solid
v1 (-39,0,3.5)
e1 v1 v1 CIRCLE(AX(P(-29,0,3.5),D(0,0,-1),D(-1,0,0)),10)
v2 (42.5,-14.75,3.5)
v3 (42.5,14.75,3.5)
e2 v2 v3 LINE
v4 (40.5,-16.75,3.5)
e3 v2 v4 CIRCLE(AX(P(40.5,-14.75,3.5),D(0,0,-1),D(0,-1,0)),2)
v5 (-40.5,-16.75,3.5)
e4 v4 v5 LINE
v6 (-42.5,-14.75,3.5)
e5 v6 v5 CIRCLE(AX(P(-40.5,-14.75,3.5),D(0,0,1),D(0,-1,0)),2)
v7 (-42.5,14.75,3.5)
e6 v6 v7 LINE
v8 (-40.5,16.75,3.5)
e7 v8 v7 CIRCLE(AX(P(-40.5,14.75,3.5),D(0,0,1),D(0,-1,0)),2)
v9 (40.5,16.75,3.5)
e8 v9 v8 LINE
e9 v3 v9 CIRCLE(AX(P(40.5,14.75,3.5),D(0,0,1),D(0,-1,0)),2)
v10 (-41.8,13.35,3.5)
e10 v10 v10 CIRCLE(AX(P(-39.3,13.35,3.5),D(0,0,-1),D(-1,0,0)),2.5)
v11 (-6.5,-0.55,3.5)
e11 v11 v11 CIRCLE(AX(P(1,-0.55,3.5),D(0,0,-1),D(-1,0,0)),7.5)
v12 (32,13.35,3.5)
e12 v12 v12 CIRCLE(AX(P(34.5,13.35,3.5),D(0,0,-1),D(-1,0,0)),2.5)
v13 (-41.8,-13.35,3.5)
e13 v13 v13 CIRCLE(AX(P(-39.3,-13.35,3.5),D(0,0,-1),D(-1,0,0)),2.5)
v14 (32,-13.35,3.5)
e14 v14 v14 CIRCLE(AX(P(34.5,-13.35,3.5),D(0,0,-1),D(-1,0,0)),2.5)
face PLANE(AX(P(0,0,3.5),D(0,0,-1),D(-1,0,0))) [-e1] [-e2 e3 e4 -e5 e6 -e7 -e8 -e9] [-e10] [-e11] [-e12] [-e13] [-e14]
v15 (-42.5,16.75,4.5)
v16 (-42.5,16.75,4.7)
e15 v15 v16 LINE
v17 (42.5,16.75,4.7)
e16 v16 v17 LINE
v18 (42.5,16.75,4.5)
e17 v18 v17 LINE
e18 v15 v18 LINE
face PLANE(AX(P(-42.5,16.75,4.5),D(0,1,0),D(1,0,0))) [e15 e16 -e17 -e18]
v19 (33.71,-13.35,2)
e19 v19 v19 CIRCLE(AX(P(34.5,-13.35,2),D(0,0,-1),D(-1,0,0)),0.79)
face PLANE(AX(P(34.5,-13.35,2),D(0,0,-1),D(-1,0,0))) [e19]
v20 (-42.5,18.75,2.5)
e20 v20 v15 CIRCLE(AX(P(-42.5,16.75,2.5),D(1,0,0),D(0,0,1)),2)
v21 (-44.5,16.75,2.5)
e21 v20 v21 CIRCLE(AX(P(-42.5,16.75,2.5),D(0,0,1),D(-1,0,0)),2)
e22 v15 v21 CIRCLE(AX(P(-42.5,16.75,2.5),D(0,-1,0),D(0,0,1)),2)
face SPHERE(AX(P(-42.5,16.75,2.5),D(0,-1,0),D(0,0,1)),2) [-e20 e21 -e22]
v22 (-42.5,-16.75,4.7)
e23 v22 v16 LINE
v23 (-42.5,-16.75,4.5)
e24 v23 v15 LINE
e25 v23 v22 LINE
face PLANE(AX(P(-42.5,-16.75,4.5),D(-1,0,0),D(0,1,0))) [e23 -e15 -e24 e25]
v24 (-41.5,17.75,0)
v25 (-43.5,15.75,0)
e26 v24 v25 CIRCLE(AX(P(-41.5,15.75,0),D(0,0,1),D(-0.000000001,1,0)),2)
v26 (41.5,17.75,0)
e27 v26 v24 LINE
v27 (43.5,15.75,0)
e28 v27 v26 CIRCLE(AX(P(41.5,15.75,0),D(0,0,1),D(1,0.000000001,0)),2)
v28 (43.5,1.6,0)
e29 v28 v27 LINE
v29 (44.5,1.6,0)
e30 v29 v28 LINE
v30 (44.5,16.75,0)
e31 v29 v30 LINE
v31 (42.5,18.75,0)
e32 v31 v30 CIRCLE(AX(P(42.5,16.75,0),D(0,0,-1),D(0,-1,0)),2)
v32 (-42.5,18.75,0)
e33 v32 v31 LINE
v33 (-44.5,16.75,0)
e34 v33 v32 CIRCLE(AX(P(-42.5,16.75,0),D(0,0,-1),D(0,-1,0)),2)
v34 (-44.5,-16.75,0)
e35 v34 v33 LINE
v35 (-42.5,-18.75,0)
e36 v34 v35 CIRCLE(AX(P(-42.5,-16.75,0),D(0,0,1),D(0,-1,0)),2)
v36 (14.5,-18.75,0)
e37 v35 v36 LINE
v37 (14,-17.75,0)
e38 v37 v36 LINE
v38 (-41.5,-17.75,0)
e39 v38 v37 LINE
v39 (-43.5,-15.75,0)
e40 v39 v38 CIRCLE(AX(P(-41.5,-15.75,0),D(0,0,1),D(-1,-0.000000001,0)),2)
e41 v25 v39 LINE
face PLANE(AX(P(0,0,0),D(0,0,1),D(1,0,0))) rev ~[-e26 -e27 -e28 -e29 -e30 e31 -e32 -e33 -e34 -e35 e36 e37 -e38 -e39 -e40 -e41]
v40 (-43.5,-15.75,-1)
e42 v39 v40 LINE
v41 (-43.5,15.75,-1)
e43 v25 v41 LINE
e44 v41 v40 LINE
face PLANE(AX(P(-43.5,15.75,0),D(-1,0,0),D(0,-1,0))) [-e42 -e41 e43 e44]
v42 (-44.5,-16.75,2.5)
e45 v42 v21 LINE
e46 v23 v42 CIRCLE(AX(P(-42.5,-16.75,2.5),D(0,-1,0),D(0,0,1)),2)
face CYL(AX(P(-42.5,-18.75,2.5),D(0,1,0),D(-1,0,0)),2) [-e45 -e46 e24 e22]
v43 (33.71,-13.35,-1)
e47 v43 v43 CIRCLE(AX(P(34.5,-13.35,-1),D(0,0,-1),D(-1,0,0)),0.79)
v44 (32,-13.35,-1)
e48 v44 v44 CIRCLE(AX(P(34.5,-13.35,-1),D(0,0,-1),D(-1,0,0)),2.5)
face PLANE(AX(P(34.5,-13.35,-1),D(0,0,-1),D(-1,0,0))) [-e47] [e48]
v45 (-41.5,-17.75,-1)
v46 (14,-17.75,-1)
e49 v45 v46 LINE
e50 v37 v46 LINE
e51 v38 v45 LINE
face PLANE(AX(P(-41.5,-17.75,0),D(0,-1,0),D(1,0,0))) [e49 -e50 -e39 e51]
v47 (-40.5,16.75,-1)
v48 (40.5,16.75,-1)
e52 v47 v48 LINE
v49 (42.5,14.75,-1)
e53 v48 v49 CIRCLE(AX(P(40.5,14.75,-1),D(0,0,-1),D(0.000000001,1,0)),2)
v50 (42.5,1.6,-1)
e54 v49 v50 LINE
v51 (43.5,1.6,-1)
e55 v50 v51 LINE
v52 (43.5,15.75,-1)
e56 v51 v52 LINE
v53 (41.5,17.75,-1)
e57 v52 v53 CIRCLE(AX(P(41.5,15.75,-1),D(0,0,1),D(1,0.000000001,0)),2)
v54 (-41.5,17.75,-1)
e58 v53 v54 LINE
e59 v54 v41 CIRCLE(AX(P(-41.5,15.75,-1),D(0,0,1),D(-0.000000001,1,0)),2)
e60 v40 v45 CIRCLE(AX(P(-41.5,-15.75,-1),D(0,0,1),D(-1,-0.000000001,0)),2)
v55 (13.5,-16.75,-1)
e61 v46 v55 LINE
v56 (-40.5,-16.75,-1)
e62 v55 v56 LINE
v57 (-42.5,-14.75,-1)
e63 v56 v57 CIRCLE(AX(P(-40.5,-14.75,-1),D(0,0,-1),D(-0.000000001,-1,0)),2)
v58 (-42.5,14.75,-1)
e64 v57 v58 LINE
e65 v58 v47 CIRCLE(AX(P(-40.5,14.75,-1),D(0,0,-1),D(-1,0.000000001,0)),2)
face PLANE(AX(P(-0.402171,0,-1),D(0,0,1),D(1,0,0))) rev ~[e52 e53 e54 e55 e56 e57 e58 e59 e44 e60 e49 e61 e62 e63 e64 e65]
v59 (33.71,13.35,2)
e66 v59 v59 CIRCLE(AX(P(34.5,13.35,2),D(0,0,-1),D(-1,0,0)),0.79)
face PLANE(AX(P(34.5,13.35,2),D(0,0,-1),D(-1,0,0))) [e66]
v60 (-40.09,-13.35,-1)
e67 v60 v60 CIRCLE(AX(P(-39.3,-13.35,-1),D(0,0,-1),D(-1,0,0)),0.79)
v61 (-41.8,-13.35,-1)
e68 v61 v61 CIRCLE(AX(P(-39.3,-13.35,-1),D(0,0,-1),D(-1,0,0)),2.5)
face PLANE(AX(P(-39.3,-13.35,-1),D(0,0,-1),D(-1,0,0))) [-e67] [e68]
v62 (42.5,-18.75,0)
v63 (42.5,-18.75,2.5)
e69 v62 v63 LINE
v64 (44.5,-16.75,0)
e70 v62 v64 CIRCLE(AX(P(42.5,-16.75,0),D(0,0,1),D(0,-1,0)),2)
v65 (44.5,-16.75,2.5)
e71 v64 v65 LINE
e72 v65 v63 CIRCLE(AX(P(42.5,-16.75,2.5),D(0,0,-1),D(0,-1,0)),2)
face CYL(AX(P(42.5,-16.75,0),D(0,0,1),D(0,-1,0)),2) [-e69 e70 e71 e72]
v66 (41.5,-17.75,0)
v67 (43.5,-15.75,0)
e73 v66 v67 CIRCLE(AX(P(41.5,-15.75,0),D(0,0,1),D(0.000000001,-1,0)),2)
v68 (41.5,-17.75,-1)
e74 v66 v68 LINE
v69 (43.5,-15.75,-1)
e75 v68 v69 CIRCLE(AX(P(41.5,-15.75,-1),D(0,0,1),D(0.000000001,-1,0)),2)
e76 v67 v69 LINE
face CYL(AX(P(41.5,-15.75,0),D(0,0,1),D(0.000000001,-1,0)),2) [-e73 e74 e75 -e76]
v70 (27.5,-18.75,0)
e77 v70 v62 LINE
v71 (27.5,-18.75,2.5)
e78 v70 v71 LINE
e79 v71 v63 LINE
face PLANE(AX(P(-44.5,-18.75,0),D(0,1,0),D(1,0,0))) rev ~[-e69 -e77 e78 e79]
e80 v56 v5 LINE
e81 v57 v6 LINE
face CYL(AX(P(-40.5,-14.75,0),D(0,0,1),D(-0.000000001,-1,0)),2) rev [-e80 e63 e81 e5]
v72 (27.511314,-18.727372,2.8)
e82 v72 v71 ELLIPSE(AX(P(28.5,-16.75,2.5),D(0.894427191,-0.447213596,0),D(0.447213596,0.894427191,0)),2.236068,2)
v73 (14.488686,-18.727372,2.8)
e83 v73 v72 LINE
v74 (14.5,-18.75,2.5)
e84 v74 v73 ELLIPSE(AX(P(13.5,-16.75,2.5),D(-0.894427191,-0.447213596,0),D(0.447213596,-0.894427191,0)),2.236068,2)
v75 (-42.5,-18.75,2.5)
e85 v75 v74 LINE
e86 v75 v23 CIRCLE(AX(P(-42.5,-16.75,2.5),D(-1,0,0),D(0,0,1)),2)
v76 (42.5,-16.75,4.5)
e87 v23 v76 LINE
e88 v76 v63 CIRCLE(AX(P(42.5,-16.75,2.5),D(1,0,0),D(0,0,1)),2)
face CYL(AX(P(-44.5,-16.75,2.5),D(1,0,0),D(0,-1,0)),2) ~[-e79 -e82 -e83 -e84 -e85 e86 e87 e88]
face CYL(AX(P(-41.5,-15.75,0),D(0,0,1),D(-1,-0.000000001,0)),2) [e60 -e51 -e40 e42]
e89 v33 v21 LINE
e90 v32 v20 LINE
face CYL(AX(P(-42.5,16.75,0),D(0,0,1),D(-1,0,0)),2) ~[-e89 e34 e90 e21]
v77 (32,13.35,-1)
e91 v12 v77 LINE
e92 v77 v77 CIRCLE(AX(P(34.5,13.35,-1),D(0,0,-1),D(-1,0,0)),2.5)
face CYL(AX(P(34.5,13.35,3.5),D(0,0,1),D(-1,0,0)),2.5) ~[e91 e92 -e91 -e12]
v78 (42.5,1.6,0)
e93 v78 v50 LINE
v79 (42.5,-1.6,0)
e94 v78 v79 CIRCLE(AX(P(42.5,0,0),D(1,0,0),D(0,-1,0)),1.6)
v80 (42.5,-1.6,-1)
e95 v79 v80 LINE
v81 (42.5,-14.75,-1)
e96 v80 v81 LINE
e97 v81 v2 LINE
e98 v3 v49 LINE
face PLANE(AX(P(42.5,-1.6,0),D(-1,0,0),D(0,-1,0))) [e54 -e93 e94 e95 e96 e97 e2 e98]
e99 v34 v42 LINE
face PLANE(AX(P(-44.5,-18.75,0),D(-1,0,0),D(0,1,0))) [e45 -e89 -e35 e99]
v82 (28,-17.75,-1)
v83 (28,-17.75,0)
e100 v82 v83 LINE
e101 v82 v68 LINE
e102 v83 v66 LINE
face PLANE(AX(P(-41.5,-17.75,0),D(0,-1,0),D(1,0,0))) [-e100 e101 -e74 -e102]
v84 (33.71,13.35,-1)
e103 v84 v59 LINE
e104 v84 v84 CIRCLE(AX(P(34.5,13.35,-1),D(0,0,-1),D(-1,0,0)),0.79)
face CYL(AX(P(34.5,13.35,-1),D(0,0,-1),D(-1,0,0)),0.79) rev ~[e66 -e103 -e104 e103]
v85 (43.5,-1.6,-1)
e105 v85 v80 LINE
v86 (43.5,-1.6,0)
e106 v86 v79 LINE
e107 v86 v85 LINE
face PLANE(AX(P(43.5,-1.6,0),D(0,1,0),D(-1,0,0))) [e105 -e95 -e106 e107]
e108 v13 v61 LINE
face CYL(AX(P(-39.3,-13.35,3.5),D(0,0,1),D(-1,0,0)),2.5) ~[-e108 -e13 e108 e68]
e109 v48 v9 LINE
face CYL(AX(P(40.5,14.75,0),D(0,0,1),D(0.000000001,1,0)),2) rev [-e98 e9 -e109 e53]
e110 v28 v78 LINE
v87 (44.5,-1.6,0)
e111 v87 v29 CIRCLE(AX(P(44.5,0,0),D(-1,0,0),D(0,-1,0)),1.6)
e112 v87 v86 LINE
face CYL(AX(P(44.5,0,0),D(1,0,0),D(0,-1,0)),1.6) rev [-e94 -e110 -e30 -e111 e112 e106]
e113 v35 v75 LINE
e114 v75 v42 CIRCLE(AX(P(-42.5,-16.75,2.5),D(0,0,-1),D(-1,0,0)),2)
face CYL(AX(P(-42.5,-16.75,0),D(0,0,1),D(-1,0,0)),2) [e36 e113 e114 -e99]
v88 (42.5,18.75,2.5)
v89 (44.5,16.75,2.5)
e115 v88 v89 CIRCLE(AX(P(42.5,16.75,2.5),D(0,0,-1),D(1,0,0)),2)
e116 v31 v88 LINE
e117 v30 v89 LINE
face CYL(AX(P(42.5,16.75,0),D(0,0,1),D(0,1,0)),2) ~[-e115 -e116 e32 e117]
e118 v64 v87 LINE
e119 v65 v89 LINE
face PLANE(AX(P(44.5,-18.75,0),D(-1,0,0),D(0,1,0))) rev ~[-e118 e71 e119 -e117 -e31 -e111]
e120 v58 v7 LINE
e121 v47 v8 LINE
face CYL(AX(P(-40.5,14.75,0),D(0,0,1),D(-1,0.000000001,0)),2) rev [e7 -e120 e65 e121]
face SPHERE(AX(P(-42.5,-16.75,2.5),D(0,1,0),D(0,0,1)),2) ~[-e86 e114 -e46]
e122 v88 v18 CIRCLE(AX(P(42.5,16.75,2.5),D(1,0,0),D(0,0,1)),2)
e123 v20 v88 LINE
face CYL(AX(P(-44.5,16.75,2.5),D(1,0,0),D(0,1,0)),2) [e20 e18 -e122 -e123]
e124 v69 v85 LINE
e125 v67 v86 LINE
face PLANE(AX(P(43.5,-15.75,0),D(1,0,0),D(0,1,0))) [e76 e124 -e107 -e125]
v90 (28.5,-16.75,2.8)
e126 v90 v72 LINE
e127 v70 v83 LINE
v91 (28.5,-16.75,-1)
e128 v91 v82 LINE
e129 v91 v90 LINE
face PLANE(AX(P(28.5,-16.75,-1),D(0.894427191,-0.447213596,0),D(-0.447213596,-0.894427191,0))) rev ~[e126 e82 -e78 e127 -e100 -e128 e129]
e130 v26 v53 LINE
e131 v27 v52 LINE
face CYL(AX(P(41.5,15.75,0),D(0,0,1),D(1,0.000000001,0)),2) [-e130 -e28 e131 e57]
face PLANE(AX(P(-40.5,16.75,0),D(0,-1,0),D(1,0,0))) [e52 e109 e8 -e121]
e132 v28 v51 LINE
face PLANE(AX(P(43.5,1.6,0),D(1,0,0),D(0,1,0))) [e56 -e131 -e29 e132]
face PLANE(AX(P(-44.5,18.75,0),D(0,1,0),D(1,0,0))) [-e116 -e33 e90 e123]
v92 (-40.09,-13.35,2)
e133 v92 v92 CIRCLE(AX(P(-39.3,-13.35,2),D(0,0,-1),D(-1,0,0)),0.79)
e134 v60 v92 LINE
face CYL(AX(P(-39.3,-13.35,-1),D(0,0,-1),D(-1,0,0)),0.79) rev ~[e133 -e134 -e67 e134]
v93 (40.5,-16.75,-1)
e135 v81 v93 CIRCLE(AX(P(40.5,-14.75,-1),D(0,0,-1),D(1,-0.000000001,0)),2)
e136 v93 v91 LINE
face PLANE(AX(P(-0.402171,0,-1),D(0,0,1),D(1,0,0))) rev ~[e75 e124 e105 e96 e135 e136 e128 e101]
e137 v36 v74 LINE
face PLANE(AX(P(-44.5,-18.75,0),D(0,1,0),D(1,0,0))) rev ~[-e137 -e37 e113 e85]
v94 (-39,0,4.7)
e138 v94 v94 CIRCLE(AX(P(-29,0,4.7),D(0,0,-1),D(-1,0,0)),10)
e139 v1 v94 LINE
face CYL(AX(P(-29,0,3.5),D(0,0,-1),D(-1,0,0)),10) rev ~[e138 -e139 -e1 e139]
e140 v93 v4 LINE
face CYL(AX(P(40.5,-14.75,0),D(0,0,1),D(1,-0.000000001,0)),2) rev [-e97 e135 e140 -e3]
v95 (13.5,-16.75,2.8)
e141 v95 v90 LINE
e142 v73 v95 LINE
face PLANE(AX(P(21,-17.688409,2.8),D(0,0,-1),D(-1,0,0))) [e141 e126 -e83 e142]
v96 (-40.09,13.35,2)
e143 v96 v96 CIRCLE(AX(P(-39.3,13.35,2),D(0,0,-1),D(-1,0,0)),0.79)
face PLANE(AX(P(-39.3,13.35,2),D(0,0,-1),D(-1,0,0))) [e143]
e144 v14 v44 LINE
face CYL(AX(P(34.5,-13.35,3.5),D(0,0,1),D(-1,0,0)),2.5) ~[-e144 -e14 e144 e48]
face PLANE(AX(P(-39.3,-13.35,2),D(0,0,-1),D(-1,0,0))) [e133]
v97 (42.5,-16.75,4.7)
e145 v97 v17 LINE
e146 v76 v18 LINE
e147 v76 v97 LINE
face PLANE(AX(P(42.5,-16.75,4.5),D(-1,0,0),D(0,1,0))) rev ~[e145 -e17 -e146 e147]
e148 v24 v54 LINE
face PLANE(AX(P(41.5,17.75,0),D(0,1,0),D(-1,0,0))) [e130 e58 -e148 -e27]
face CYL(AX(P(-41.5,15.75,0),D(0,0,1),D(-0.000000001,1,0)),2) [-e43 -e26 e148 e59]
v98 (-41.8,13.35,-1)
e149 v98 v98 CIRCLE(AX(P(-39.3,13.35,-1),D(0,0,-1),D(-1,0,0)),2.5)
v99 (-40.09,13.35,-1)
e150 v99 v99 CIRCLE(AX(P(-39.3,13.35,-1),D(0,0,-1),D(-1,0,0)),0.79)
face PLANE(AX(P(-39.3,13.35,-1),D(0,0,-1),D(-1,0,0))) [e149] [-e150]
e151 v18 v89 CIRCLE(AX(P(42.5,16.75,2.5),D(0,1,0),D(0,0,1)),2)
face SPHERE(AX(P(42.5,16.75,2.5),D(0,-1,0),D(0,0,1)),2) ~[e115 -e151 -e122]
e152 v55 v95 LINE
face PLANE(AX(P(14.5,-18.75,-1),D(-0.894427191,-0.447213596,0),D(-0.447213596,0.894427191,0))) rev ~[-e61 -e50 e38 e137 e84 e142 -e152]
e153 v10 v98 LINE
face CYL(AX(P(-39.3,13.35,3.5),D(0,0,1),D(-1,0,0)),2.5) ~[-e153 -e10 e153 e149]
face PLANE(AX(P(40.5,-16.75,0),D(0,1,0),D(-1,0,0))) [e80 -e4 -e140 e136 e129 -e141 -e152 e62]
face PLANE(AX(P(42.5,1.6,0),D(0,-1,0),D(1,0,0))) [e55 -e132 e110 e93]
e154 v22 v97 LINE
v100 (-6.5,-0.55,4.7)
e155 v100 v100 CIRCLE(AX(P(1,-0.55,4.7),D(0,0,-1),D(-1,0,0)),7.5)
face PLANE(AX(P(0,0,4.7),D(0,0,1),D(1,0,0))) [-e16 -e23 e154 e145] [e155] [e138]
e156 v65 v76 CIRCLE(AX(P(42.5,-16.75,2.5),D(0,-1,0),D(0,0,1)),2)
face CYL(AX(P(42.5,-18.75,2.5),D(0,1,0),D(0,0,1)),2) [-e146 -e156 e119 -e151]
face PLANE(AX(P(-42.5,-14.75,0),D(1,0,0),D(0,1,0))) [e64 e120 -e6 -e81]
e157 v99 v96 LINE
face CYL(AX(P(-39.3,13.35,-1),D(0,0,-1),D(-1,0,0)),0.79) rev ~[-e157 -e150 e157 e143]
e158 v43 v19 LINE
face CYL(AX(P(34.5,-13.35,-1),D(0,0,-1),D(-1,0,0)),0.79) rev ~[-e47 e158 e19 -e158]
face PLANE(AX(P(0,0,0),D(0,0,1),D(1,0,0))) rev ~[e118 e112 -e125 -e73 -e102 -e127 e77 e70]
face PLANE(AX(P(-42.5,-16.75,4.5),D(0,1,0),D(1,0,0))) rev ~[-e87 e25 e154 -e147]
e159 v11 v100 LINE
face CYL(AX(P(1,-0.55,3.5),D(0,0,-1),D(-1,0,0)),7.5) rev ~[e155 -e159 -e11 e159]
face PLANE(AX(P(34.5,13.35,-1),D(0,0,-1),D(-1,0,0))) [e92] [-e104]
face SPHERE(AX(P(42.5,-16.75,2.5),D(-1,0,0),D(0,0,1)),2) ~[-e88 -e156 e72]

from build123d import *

# Parameters (mm, degrees)
SKETCH_1_W           = 89
SKETCH_1_H           = 37.5
EXTRUDE_1_DEPTH      = 4.5
SKETCH_2_W           = 85
SKETCH_2_H           = 33.5
CUT_EXTRUDE_1_DEPTH  = 3.5
CUT_EXTRUDE_3_DEPTH  = 4
FILLET_1_R           = 2
EXTRUDE_2_DEPTH      = 1
SKETCH_10_R          = 2.5
EXTRUDE_3_DEPTH      = 4.5
SKETCH_11_R          = 0.79
CUT_EXTRUDE_9_DEPTH  = 3
SKETCH_12_W          = 85
SKETCH_12_H          = 33.5
EXTRUDE_4_DEPTH      = 0.2
SKETCH_8_R           = 7.5
CUT_EXTRUDE_8_DEPTH  = 3
SKETCH_7_R           = 10
CUT_EXTRUDE_7_DEPTH  = 3
CUT_EXTRUDE_12_DEPTH = 3.8


with BuildPart() as part:
    # 草图1 → 凸台-拉伸1 (new body)
    with BuildSketch(Plane.XY):
        Rectangle(SKETCH_1_W, SKETCH_1_H)
    extrude(amount=EXTRUDE_1_DEPTH)

    # 草图2 → 切除-拉伸1 (cut)
    with BuildSketch(Plane(origin=(0, 0, 0), x_dir=(-1, 0, 0), z_dir=(0, 0, -1))):
        Rectangle(SKETCH_2_W, SKETCH_2_H)
    extrude(amount=-CUT_EXTRUDE_1_DEPTH, mode=Mode.SUBTRACT)

    # 草图3 → 切除-拉伸3 (cut)
    with BuildSketch(Plane(origin=(44.5, 0, 0), x_dir=(0, 0, -1), z_dir=(1, 0, 0))):
        with BuildLine():
            Line((0, 1.6), (0, -1.6))
            ThreePointArc((0, -1.6), (-1.6, 0), (0, 1.6))
        make_face()
    extrude(amount=-CUT_EXTRUDE_3_DEPTH, mode=Mode.SUBTRACT)

    # 圆角1
    fillet_1_edges = [part.edges().sort_by_distance(p)[0] for p in [
        (-44.5, 0, 4.5),
        (0, -18.75, 4.5),
        (42.5, -16.75, 1.75),
        (42.5, 16.75, 1.75),
        (-42.5, 16.75, 1.75),
        (-42.5, -16.75, 1.75),
        (44.5, 0, 4.5),
        (0, 18.75, 4.5),
        (44.5, -18.75, 2.25),
        (-44.5, -18.75, 2.25),
        (-44.5, 18.75, 2.25),
        (44.5, 18.75, 2.25),
    ]]
    fillet(fillet_1_edges, radius=FILLET_1_R)

    # 草图9 → 凸台-拉伸2 (add)
    with BuildSketch(Plane(origin=(0, 0, 0), x_dir=(-1, 0, 0), z_dir=(0, 0, -1))):
        with BuildLine():
            Line((-41.5, 17.75), (41.5, 17.75))
            ThreePointArc((41.5, 17.75), (42.914213562, 17.164213562), (43.5, 15.75))
            Line((43.5, 15.75), (43.5, -15.75))
            ThreePointArc((43.5, -15.75), (42.914213562, -17.164213562), (41.5, -17.75))
            Line((41.5, -17.75), (-41.5, -17.75))
            ThreePointArc((-41.5, -17.75), (-42.914213562, -17.164213562), (-43.5, -15.75))
            Line((-43.5, -15.75), (-43.5, -1.6))
            Line((-43.5, -1.6), (-42.5, -1.6))
            Line((-42.5, -1.6), (-42.5, -14.75))
            ThreePointArc((-42.5, -14.75), (-41.914213562, -16.164213562), (-40.5, -16.75))
            Line((-40.5, -16.75), (40.5, -16.75))
            ThreePointArc((40.5, -16.75), (41.914213562, -16.164213562), (42.5, -14.75))
            Line((42.5, -14.75), (42.5, 14.75))
            ThreePointArc((42.5, 14.75), (41.914213562, 16.164213562), (40.5, 16.75))
            Line((40.5, 16.75), (-40.5, 16.75))
            ThreePointArc((-40.5, 16.75), (-41.914213562, 16.164213562), (-42.5, 14.75))
            Line((-42.5, 14.75), (-42.5, 1.6))
            Line((-42.5, 1.6), (-43.5, 1.6))
            Line((-43.5, 1.6), (-43.5, 15.75))
            ThreePointArc((-43.5, 15.75), (-42.914213562, 17.164213562), (-41.5, 17.75))
        make_face()
    extrude(amount=EXTRUDE_2_DEPTH)

    # 草图10 → 凸台-拉伸3 (add)
    with BuildSketch(Plane(origin=(0, 0, 3.5), x_dir=(-1, 0, 0), z_dir=(0, 0, -1))):
        with Locations((39.3, -13.35)):
            Circle(SKETCH_10_R)
        with Locations((39.3, 13.35)):
            Circle(SKETCH_10_R)
        with Locations((-34.5, 13.35)):
            Circle(SKETCH_10_R)
        with Locations((-34.5, -13.35)):
            Circle(SKETCH_10_R)
    extrude(amount=EXTRUDE_3_DEPTH)

    # 草图11 → 切除-拉伸9 (cut)
    with BuildSketch(Plane(origin=(0, 0, -1), x_dir=(-1, 0, 0), z_dir=(0, 0, -1))):
        with Locations((-34.5, 13.35)):
            Circle(SKETCH_11_R)
        with Locations((-34.5, -13.35)):
            Circle(SKETCH_11_R)
        with Locations((39.3, 13.35)):
            Circle(SKETCH_11_R)
        with Locations((39.3, -13.35)):
            Circle(SKETCH_11_R)
    extrude(amount=-CUT_EXTRUDE_9_DEPTH, mode=Mode.SUBTRACT)

    # 草图12 → 凸台-拉伸4 (add)
    with BuildSketch(Plane.XY.offset(4.5)):
        Rectangle(SKETCH_12_W, SKETCH_12_H)
    extrude(amount=EXTRUDE_4_DEPTH)

    # 草图8 → 切除-拉伸8 (cut)
    with BuildSketch(Plane(origin=(0, 0, 3.5), x_dir=(-1, 0, 0), z_dir=(0, 0, -1))):
        with Locations((-1, -0.55)):
            Circle(SKETCH_8_R)
    extrude(amount=-CUT_EXTRUDE_8_DEPTH, mode=Mode.SUBTRACT)

    # 草图7 → 切除-拉伸7 (cut)
    with BuildSketch(Plane(origin=(0, 0, 3.5), x_dir=(-1, 0, 0), z_dir=(0, 0, -1))):
        with Locations((29, 0)):
            Circle(SKETCH_7_R)
    extrude(amount=-CUT_EXTRUDE_7_DEPTH, mode=Mode.SUBTRACT)

    # 草图15 → 切除-拉伸12 (cut)
    with BuildSketch(Plane(origin=(0, 0, -1), x_dir=(-1, 0, 0), z_dir=(0, 0, -1))):
        Polygon((-27.5, -18.75), (-14.5, -18.75), (-13.5, -16.75), (-28.5, -16.75), align=None)
    extrude(amount=-CUT_EXTRUDE_12_DEPTH, mode=Mode.SUBTRACT)


solid = part.part
